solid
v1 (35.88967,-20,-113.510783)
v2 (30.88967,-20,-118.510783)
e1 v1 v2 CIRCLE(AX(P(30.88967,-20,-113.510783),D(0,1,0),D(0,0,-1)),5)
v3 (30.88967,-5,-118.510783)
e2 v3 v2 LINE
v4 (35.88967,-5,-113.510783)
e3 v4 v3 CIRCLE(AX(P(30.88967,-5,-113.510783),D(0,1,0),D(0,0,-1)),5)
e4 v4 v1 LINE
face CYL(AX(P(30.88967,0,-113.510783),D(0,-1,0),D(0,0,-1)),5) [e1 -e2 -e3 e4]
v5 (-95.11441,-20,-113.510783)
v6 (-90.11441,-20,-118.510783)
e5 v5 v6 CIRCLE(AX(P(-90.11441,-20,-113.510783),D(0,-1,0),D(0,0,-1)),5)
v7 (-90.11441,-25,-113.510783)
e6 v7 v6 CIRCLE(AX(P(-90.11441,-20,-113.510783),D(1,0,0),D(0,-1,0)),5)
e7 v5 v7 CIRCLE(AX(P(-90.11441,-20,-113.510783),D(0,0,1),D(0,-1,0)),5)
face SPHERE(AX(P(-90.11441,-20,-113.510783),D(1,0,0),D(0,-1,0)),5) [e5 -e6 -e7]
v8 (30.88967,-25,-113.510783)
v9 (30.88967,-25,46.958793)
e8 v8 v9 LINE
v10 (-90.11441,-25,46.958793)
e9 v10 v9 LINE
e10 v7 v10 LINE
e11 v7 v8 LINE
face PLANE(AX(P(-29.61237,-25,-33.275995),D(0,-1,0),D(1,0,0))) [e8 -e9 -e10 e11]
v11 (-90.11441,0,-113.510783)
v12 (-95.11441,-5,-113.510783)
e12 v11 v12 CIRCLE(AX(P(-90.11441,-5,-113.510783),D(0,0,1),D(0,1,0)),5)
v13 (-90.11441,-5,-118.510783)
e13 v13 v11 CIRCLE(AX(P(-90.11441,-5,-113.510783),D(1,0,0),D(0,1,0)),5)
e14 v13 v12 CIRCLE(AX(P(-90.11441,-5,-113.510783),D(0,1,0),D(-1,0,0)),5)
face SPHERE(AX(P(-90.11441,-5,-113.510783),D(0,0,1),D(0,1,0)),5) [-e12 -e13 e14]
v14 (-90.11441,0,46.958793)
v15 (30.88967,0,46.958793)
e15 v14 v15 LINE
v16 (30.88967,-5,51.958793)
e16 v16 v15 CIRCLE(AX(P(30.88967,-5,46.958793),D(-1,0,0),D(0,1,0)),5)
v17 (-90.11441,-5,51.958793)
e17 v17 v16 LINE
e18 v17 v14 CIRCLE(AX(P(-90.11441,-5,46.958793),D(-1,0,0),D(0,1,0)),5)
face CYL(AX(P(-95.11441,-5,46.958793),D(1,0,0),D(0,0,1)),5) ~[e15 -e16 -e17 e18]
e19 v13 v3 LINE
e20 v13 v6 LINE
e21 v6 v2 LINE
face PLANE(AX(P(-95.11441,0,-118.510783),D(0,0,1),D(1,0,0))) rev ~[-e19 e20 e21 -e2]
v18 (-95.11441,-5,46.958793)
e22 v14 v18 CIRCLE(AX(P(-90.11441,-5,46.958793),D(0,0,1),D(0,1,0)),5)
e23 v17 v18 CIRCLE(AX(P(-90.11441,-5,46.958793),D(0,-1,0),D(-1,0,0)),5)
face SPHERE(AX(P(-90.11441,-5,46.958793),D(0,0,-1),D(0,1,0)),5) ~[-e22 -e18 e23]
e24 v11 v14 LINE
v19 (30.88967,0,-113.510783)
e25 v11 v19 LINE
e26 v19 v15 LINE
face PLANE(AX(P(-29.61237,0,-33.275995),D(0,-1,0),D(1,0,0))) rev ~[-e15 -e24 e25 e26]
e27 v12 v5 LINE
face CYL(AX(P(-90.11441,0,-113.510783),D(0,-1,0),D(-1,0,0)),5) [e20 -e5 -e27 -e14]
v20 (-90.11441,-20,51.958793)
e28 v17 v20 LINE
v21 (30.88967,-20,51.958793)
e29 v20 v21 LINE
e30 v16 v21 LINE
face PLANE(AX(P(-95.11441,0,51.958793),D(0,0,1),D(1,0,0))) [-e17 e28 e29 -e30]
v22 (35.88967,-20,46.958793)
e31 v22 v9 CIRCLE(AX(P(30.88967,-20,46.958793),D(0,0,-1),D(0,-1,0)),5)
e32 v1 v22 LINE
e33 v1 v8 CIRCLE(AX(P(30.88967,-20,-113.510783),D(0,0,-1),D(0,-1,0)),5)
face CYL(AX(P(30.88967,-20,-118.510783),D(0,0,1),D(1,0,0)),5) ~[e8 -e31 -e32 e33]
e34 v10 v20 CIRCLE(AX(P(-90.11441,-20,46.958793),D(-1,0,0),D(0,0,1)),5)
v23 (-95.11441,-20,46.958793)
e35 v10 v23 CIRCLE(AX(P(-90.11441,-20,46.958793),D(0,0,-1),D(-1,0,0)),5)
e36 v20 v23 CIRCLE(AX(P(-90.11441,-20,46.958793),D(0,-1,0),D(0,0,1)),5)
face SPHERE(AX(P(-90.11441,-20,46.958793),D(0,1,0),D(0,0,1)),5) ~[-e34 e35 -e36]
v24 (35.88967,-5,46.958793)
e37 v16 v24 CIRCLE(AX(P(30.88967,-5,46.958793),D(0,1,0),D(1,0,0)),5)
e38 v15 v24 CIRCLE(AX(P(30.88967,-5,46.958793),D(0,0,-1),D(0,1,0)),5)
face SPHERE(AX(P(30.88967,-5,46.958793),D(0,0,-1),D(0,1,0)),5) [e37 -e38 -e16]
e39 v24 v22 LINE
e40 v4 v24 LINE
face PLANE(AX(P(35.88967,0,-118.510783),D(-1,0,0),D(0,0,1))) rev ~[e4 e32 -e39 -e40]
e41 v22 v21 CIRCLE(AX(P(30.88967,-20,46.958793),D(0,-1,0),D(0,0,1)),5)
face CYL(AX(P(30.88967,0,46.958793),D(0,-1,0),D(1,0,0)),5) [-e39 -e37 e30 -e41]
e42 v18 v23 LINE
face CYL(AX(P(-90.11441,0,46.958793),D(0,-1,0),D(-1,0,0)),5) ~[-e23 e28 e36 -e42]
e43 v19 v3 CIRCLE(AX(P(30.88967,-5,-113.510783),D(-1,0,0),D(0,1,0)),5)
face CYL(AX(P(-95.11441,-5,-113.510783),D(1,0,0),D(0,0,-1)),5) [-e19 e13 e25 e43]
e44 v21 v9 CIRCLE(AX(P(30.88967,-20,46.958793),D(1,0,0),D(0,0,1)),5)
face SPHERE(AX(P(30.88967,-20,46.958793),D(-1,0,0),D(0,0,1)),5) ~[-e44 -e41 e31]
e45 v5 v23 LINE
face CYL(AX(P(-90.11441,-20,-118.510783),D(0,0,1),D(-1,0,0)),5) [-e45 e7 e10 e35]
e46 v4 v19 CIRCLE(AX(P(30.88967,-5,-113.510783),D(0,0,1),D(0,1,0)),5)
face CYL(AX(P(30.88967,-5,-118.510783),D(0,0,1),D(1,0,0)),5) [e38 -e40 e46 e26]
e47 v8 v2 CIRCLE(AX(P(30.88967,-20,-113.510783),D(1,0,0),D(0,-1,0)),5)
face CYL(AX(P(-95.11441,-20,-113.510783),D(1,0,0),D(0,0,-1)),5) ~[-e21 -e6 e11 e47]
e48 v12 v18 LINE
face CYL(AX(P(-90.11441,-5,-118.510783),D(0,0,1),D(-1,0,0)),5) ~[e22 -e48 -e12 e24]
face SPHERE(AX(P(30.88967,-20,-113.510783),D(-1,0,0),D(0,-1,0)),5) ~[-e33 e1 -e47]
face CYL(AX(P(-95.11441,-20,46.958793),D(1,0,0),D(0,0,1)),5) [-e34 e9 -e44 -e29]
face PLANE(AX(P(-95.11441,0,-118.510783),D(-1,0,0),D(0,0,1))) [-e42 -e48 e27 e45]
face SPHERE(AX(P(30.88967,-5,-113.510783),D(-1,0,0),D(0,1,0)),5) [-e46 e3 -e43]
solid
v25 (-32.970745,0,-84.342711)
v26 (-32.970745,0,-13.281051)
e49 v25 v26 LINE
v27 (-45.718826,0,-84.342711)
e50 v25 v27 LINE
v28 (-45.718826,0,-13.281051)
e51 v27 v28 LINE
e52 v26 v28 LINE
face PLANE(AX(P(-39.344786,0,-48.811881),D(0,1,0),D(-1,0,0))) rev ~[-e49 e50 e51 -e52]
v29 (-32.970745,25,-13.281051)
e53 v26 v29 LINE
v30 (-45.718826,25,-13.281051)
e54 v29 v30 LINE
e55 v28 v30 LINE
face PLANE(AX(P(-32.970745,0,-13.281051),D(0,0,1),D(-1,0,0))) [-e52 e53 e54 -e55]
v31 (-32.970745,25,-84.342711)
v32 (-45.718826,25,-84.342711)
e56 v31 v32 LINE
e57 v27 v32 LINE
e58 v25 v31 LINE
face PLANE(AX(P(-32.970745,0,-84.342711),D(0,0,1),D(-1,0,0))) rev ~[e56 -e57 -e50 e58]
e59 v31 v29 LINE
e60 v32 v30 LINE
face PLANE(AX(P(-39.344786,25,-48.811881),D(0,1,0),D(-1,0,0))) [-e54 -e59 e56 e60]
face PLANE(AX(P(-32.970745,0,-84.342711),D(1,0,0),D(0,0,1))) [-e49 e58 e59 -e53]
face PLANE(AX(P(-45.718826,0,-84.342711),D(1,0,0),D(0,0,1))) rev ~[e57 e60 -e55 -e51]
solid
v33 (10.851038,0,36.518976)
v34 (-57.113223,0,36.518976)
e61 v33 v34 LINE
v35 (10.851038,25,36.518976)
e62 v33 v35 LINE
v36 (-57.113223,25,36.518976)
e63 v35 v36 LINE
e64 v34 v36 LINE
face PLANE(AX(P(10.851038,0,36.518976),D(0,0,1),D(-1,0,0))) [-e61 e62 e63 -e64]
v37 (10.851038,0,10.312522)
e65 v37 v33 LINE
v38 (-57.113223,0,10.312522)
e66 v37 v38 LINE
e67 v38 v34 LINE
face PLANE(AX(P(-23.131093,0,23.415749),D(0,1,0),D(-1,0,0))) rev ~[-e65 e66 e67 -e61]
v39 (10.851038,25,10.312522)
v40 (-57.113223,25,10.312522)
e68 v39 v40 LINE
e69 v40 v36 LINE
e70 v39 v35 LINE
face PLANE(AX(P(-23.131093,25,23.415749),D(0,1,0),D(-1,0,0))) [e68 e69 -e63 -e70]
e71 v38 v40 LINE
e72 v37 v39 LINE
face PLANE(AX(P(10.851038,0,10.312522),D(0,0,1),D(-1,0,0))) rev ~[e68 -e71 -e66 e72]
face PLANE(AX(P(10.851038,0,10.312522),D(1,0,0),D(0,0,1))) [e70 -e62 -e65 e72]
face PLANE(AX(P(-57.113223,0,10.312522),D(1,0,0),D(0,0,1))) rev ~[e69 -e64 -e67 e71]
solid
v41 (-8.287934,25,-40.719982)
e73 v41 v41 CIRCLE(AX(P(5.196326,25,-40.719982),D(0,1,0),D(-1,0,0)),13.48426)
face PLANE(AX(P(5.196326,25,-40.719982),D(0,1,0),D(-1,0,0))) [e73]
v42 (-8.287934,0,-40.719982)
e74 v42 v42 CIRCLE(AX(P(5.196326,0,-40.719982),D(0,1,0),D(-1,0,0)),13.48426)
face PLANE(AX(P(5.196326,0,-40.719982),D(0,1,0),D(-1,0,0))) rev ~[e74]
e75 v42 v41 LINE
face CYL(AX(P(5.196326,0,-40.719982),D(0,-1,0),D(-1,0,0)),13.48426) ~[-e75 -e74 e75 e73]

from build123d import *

# Parameters (mm, degrees)
F0_W     = 131.00408
F0_H     = 170.469575
F1_DEPTH = 25
F2_R     = 5
F3_W     = 12.748081
F3_H     = 71.06166
F3_W_2   = 67.964261
F3_H_2   = 26.206454
F3_R     = 13.48426
F4_DEPTH = 25


with BuildPart() as f1:
    # F0 (on Front) → F1 (new body)
    with BuildSketch(Plane.XZ):
        with Locations((-29.61237, -33.275995)):
            Rectangle(F0_W, F0_H)
    extrude(amount=F1_DEPTH)

    # F2
    f2_edges = [f1.edges().sort_by_distance(p)[0] for p in [
        (-95.11441, 0, -33.275995),
        (-29.61237, 0, -118.510783),
        (35.88967, 0, -33.275995),
        (-29.61237, 0, 51.958792),
        (-95.11441, -12.5, 51.958792),
        (-29.61237, -25, 51.958792),
        (35.88967, -12.5, 51.958792),
        (-29.61237, -25, -118.510783),
        (-95.11441, -25, -33.275995),
        (35.88967, -25, -33.275995),
        (35.88967, -12.5, -118.510783),
        (-95.11441, -12.5, -118.510783),
    ]]
    fillet(f2_edges, radius=F2_R)


with BuildPart() as f4:
    # F3 (on face) → F4 (new body)
    with BuildSketch(Plane(origin=(0, 0, 0), x_dir=(-1, 0, 0), z_dir=(0, 1, 0))):
        with Locations((39.344786, -48.811881)):
            Rectangle(F3_W, F3_H)
        with Locations((23.131093, 23.415749)):
            Rectangle(F3_W_2, F3_H_2)
        with Locations((-5.196326, -40.719982)):
            Circle(F3_R)
    extrude(amount=F4_DEPTH)


solid = Compound([f1.part, f4.part])
